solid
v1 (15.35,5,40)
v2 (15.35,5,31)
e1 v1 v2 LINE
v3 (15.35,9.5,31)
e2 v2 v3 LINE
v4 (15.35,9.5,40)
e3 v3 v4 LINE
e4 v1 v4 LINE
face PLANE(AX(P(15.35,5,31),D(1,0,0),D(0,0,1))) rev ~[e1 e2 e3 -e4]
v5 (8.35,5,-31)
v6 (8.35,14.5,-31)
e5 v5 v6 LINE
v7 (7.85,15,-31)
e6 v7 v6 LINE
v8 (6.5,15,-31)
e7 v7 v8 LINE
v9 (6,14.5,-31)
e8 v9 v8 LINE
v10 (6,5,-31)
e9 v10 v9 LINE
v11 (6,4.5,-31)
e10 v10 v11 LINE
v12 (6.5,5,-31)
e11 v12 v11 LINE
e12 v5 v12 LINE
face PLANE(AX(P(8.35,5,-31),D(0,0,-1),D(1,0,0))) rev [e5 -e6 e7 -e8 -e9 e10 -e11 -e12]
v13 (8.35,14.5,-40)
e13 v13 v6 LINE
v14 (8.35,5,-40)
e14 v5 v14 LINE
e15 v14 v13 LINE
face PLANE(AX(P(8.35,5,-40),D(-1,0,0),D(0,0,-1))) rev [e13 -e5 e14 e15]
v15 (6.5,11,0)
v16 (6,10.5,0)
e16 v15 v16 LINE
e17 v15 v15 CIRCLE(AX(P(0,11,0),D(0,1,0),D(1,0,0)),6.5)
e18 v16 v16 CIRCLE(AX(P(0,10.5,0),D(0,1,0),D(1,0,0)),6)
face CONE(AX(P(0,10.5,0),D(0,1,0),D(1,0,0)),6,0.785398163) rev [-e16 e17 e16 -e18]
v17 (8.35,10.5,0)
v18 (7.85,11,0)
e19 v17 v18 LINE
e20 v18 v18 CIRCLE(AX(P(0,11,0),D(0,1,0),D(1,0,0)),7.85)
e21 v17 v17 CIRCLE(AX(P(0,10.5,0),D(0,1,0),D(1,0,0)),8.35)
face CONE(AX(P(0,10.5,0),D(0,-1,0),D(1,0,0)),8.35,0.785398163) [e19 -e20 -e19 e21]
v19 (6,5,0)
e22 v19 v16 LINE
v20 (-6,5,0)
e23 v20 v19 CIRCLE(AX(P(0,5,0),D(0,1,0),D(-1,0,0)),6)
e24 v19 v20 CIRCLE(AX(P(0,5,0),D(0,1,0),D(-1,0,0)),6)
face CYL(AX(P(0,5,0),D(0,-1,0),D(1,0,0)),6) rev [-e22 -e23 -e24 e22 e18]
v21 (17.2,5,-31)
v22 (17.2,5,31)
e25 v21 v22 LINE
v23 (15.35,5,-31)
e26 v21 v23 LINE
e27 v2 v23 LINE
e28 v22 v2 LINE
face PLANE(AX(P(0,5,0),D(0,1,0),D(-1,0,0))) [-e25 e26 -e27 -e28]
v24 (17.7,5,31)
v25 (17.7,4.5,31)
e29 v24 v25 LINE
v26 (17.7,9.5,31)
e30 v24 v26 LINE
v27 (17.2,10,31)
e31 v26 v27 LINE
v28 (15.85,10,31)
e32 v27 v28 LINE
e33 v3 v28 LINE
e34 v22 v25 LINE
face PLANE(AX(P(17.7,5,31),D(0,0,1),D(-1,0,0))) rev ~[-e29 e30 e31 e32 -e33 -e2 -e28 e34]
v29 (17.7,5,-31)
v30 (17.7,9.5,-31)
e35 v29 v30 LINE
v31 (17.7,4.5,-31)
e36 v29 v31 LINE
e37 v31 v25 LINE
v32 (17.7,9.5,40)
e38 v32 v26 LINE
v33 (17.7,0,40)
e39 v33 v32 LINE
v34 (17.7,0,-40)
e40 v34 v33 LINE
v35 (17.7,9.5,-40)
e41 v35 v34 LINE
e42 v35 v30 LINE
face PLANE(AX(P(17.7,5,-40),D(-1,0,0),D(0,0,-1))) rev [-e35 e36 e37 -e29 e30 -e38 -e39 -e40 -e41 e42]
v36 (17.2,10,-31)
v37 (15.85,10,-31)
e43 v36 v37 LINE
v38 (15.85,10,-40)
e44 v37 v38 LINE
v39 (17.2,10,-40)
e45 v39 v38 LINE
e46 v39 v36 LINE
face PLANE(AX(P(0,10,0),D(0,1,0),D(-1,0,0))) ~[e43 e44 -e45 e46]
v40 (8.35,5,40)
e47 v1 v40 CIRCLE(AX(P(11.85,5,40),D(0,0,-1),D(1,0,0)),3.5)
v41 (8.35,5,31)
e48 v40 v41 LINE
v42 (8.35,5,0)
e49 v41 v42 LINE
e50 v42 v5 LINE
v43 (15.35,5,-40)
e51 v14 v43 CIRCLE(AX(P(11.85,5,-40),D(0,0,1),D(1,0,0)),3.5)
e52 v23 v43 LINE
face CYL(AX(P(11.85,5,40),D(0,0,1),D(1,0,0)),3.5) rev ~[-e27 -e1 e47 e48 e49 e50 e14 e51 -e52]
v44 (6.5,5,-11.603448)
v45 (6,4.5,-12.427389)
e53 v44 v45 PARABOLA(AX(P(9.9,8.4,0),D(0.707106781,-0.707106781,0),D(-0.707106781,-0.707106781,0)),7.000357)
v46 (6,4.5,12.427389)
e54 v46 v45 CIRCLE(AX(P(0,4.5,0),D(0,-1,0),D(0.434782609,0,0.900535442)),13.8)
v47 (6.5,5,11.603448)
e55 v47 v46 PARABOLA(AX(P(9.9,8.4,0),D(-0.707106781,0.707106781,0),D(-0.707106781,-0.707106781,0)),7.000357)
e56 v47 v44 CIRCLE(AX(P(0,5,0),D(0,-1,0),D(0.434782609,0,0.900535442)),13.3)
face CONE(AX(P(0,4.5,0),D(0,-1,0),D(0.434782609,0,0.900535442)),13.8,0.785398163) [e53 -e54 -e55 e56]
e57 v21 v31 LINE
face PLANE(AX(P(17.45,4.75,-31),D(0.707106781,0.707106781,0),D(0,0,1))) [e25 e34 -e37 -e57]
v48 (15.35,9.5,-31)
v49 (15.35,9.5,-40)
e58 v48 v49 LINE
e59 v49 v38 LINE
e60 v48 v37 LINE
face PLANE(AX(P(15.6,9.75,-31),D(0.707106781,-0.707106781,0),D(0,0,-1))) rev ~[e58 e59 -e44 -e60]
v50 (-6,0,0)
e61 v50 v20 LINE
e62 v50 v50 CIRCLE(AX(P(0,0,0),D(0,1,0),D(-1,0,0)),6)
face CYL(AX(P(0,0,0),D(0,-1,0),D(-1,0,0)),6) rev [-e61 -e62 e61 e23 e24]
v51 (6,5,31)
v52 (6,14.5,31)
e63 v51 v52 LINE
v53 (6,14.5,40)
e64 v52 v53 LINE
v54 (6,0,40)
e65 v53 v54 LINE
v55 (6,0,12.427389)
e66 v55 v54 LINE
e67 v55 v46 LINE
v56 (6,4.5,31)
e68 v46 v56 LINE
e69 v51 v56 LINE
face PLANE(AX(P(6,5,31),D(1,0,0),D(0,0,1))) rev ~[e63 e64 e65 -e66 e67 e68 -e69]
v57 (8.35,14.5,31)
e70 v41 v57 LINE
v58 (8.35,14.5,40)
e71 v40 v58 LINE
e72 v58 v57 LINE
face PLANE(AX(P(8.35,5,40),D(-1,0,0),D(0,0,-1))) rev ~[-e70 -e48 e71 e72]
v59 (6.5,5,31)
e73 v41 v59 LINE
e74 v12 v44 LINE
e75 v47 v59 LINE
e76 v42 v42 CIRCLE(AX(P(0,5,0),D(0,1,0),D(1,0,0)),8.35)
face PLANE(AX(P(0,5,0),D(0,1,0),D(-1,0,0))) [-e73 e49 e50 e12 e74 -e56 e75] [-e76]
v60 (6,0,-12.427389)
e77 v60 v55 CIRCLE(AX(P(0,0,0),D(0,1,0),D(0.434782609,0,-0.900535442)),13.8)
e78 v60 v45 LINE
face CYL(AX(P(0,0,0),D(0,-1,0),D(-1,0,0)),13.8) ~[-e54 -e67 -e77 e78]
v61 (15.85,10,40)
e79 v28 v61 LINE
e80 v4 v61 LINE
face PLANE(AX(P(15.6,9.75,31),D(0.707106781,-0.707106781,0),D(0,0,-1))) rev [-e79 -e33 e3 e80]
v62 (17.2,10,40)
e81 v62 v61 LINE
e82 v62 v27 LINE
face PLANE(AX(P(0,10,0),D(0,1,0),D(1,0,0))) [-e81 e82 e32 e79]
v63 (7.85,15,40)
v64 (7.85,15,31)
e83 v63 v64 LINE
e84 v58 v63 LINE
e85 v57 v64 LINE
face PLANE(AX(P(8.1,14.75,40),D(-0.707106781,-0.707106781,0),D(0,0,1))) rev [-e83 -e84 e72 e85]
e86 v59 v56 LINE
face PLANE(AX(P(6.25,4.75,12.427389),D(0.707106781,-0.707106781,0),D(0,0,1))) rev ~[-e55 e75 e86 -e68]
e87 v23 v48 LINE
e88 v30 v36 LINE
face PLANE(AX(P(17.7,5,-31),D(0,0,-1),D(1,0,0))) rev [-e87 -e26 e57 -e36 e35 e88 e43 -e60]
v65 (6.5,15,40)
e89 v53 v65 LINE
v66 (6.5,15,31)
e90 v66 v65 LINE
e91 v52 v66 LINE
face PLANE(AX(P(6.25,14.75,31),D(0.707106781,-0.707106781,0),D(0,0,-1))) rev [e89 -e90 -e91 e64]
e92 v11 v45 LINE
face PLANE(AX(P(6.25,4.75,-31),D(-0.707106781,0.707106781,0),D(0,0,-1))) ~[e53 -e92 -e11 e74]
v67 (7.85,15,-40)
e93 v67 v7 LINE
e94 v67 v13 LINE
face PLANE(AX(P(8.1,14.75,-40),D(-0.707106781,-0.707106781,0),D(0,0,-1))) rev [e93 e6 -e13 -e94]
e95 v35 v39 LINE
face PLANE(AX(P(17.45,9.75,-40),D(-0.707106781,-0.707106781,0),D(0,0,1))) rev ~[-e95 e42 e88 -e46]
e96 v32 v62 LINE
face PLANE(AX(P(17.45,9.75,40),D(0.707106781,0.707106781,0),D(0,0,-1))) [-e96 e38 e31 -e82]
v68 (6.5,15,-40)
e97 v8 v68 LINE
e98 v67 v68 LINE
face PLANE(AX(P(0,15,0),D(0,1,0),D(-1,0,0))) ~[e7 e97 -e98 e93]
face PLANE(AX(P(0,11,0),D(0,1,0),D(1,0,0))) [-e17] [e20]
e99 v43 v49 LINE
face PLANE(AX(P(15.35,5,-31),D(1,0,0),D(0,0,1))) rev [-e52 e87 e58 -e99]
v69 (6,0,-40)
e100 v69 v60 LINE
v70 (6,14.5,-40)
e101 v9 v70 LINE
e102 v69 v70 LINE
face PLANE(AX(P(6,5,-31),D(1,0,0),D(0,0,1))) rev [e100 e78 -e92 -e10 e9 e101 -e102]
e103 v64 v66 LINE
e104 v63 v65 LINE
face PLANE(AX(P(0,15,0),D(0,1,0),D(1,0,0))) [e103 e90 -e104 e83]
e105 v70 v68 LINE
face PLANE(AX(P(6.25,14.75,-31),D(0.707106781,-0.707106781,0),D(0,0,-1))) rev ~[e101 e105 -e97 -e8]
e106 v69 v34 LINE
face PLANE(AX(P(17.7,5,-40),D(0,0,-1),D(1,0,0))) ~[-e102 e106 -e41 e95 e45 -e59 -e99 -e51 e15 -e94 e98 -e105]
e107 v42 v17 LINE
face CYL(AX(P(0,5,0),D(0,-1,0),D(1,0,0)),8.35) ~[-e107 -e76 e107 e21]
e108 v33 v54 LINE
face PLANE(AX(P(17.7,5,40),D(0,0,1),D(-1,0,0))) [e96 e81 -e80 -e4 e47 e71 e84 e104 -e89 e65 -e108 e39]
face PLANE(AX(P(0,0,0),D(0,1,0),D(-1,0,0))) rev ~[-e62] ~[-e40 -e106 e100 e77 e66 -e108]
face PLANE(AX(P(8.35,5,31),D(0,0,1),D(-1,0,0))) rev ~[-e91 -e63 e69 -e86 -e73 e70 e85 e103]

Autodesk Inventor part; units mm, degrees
ref_plane "YZ Plane" through (0, 0, 0) normal (1, 0, 0) x (0, 1, 0)
ref_plane "XZ Plane" through (0, 0, 0) normal (0, 1, 0) x (-1, 0, 0)
ref_plane "XY Plane" through (0, 0, 0) normal (0, 0, 1) x (1, 0, 0)
sketch "Sketch1" plane through (0, 0, 0) normal (0, 1, 0) x (-1, 0, 0)
  circle A0 centre (0, 0) radius 13.8
  circle A1 centre (0, 0) radius 5
  circle A2 centre (0, 0) radius 6
  dimension "d0" = 27.6
  dimension "d1" = 10
  dimension "d2" = 12
extrude "Extrusion1" add sketch "Sketch1" along normal blind 5 contours A0
sketch "Sketch2" plane through (0, 0, 0) normal (0, -1, 0) x (1, 0, 0)
  circle A0 centre (0, 0) radius 6 projected
  line L0 (6, 0) -> (13.8, 0)
  circle A1 centre (0, 0) radius 13.8 projected
  line L1 (13.8, -40) -> (6, -40)
  line L2 (6, -40) -> (6, 40)
  line L3 (6, 40) -> (13.8, 40)
  line L4 (13.8, 40) -> (13.8, -40)
  line L5 (13.8, -40) -> (6, 40) construction
  line L6 (6, -40) -> (13.8, 40) construction
  line L7 (17.7, 40) -> (9.9, 40)
  line L8 (9.9, 40) -> (9.9, -40)
  line L9 (9.9, -40) -> (17.7, -40)
  line L10 (17.7, -40) -> (17.7, 40)
  line L11 (17.7, 40) -> (9.9, -40) construction
  line L12 (9.9, 40) -> (17.7, -40) construction
  point P0 (9.9, 0)
  point P1 (6, -12.4274)
  point P2 (6, 12.4274)
  dimension "d5" = 80
extrude "Extrusion2" add sketch "Sketch2" against normal blind 5 contours A1 L8 L1 L2 | L2 L3 L8 A1 | L4 L1 L8 A1 | A1 L8 L3 L4 | L4 L7 L10 L9
sketch "Sketch3" plane through (6, 0, 40) normal (0, 0, 1) x (1, 0, 0)
  line L0 (-12, 5) -> (0, 5) projected
  line L1 (7.8, 0) -> (0, 0) projected
  line L2 (0, 5) -> (7.8, 0) construction
  line L3 (0, 5) -> (7.8, 5) construction
  line L4 (0, 0) -> (7.8, 5) construction
  point P0 (-6, 0)
sketch "Sketch4" plane through (6, 0, 40) normal (0, 0, 1) x (1, 0, 0)
  line L0 (0, 0) -> (0, 5) projected
  line L1 (0, 2.5) -> (11.7, 2.5)
  line L2 (11.7, 0) -> (11.7, 5) projected
  line L3 (5.85, 2.5) -> (5.85, 5)
  line L4 (0, 5) -> (11.7, 5) projected
  circle A0 centre (5.85, 5) radius 3.5
  point P0 (-6, 0)
  point P1 (2.35, 5)
  point P2 (9.35, 5)
  dimension "d8" = 7
extrude "Extrusion3" cut sketch "Sketch4" against normal through all contours A0 L4 L3 L1 | L1 A0 | L3 L4 A0 L1
sketch "Sketch5" plane through (0, 5, 0) normal (0, 1, 0) x (1, 0, 0)
  line L0 (17.7, -40) -> (6, -40) projected
  line L1 (8.35, -40) -> (8.35, 40) projected
  line L2 (6, -40) -> (8.35, -40)
  line L3 (8.35, -40) -> (8.35, -31)
  line L4 (8.35, -31) -> (6, -31)
  line L5 (6, -31) -> (6, -40)
  line L6 (15.35, 40) -> (15.35, -40) projected
  line L7 (17.7, -40) -> (17.7, 40) projected
  line L8 (15.35, -40) -> (17.7, -40)
  line L9 (17.7, -40) -> (17.7, -31)
  line L10 (17.7, -31) -> (15.35, -31)
  line L11 (15.35, -31) -> (15.35, -40)
  point P0 (0, 0)
  dimension "d11" = 9
extrude "Extrusion4" add sketch "Sketch5" along normal blind 10 contours L0 L5 L4 L1
extrude "Extrusion5" add sketch "Sketch5" along normal blind 5 contours L0 L6 L10 L7
mirror "Mirror1" about plane through (0, 0, 0) normal (0, 0, 1) of "Extrusion4", "Extrusion5"
sketch "Sketch6" plane through (0, 5, 0) normal (0, 1, 0) x (1, 0, 0)
  circle A0 centre (0, 0) radius 8.35
  circle A1 centre (0, 0) radius 6
extrude "Extrusion6" add sketch "Sketch6" along normal blind 6
chamfer "Chamfer1" distance 0.5 angle 45 14 edges at (-8.35, 11, 0) (-6, 11, 0) (-13.8, 5, 0) (6, 5, -21.7137) (6, 5, 21.7137) (8.35, 15, 35.5) (6, 15, 35.5) (8.35, 15, -35.5) (6, 15, -35.5) (17.7, 10, -35.5) (15.35, 10, -35.5) (17.7, 10, 35.5) (15.35, 10, 35.5) (17.7, 5, 0)
properties part number "ipad holder"
